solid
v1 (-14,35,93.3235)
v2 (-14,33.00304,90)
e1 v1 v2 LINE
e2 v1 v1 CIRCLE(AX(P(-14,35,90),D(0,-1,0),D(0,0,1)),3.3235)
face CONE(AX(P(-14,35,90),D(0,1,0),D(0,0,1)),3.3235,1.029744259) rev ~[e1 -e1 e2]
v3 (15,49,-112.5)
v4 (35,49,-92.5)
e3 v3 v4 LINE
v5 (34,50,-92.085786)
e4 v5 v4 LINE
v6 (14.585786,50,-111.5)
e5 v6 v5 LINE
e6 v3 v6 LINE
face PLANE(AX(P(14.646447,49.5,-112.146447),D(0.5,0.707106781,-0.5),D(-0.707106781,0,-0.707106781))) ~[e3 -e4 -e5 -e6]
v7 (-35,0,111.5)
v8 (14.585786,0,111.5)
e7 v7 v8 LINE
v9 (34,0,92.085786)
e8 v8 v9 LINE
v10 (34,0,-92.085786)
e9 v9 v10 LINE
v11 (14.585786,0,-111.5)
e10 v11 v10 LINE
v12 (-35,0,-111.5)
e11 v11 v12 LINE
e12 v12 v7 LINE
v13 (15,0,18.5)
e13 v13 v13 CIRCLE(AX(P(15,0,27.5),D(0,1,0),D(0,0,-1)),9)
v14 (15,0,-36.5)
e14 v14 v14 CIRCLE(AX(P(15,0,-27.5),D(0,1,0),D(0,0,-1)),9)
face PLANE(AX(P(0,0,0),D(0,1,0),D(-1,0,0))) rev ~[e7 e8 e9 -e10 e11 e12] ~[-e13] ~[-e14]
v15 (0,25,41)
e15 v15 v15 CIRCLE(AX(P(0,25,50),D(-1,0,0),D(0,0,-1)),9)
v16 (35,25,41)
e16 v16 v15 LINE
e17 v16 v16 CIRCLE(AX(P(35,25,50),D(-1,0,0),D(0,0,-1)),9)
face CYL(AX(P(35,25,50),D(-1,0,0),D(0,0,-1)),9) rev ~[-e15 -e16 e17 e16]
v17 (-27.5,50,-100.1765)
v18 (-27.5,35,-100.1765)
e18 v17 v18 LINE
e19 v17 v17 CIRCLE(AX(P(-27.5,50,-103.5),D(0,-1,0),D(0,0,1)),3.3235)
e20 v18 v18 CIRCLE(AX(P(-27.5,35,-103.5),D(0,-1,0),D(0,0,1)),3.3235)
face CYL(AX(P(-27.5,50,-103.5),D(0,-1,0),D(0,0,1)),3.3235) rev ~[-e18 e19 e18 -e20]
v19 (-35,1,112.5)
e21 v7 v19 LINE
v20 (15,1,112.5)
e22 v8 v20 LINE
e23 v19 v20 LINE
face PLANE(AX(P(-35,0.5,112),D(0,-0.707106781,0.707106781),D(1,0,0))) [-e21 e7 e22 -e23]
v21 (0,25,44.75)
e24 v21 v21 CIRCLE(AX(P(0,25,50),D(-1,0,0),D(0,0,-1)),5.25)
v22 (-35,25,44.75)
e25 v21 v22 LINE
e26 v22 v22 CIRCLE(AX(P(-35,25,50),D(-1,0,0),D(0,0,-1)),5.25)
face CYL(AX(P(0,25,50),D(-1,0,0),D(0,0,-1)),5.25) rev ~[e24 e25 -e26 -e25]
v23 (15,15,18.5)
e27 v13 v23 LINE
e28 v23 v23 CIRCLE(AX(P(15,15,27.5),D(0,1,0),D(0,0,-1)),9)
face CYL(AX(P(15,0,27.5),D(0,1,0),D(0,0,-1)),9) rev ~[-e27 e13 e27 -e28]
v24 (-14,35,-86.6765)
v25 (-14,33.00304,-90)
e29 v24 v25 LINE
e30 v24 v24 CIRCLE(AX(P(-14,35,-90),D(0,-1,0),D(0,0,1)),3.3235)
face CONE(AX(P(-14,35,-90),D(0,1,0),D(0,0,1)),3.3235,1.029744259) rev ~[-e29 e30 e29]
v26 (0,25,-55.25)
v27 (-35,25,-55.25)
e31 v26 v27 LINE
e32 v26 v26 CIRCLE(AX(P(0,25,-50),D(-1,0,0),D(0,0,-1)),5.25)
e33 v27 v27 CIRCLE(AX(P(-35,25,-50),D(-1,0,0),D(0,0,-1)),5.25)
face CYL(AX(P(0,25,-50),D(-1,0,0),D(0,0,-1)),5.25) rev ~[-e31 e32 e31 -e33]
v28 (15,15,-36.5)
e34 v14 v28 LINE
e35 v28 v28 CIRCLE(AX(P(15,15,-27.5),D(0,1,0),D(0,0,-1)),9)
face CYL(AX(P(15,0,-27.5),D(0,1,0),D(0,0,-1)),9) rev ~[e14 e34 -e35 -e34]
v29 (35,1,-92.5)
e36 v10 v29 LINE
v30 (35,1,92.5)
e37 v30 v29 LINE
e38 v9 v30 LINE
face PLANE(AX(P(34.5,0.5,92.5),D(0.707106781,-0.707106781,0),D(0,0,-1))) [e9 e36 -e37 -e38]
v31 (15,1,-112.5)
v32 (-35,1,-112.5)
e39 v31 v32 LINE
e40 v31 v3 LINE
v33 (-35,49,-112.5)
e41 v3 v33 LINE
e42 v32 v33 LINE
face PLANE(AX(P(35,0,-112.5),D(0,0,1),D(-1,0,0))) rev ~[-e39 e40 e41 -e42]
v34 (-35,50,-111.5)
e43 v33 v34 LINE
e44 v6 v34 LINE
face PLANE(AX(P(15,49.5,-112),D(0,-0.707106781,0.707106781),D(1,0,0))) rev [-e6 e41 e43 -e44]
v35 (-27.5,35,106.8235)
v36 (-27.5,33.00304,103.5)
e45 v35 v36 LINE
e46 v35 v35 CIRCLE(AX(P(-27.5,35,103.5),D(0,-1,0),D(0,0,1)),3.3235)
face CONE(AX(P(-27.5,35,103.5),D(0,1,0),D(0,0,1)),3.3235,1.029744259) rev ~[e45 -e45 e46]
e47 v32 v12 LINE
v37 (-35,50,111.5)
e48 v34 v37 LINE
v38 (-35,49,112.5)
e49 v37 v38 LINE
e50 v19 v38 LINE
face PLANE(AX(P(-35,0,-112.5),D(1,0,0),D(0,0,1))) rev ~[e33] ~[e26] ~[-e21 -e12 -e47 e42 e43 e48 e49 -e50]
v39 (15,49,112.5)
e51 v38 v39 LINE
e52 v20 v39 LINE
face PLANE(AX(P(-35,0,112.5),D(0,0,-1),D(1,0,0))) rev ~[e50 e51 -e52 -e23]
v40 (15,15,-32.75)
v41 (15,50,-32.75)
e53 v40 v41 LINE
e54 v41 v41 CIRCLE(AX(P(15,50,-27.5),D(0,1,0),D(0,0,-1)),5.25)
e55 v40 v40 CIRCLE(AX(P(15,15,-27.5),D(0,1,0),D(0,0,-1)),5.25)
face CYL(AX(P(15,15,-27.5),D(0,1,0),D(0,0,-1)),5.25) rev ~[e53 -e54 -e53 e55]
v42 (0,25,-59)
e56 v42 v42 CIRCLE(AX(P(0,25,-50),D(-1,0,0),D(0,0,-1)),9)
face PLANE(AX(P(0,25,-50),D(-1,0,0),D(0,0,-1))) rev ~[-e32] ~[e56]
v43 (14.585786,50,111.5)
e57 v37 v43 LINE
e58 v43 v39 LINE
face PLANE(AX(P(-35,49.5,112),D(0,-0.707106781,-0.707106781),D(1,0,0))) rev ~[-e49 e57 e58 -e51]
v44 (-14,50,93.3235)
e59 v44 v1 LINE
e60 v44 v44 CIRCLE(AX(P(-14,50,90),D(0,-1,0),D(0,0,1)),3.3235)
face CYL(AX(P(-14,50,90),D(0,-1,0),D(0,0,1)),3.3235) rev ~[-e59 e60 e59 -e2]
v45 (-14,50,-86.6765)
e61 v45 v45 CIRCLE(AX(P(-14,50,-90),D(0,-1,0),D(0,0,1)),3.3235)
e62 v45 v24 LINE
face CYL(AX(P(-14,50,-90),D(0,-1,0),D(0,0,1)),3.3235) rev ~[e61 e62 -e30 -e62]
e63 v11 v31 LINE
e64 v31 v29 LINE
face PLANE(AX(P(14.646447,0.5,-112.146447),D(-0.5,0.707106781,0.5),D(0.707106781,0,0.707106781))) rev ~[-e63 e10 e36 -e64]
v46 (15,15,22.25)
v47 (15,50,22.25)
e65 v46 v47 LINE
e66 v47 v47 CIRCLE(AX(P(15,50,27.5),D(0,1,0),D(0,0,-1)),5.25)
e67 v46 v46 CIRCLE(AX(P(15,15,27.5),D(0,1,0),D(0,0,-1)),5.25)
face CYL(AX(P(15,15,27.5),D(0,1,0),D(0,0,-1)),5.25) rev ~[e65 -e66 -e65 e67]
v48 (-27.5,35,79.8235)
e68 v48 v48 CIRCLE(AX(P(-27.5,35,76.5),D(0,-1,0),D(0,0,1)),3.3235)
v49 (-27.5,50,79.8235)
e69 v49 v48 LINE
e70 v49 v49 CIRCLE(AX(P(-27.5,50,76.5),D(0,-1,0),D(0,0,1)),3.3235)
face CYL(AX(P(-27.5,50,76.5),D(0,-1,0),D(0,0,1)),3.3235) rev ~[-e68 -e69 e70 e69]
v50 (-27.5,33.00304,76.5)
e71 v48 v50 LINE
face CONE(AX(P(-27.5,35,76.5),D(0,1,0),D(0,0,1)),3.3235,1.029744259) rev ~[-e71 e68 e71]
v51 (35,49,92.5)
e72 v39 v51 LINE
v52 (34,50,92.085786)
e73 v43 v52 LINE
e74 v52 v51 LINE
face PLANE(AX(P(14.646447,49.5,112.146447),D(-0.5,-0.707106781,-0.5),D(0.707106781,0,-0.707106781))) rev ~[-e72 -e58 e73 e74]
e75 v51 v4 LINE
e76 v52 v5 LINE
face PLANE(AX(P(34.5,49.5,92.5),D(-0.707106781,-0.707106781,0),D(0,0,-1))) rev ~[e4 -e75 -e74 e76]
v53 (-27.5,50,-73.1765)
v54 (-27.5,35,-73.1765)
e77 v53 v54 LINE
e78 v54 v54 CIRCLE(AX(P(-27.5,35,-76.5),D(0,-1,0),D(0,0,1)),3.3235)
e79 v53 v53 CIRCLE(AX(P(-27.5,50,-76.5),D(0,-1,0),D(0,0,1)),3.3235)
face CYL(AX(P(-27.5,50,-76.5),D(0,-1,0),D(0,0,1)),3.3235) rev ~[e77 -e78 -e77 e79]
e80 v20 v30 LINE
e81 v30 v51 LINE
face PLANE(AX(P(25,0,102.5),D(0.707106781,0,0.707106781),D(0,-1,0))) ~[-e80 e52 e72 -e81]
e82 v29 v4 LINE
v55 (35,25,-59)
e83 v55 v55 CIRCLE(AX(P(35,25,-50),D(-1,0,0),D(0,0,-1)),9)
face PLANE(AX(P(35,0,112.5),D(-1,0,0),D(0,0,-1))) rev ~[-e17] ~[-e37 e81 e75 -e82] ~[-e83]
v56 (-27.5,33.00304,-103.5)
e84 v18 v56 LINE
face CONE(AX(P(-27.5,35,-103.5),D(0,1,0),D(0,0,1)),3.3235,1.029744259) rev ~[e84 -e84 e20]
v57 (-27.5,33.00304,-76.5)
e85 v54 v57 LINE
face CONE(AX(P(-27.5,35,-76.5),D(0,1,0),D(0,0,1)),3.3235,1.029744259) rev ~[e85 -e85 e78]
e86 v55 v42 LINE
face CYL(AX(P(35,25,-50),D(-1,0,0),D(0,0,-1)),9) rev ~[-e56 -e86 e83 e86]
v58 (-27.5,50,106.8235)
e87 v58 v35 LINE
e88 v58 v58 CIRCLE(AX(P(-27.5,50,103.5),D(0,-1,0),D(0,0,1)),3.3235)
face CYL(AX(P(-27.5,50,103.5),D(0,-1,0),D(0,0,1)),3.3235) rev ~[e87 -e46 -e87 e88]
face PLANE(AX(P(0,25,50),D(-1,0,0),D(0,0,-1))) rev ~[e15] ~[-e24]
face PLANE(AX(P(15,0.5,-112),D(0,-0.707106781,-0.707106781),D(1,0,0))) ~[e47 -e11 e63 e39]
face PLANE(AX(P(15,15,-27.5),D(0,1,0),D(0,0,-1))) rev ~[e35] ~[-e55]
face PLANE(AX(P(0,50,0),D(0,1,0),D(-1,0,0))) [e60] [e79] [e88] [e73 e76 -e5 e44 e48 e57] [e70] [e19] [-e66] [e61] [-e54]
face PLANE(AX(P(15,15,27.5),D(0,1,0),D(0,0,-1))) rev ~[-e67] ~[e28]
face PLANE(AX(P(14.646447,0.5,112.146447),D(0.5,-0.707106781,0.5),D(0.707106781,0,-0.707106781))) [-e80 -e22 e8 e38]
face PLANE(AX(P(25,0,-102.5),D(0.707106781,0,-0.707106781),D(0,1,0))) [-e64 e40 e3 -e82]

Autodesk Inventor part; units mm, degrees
ref_plane "YZ Plane" through (0, 0, 0) normal (1, 0, 0) x (0, 1, 0)
ref_plane "XZ Plane" through (0, 0, 0) normal (0, 1, 0) x (-1, 0, 0)
ref_plane "XY Plane" through (0, 0, 0) normal (0, 0, 1) x (1, 0, 0)
sketch "Sketch1" plane through (0, 0, 0) normal (0, 1, 0) x (-1, 0, 0)
  line L0 (35, 112.5) -> (-35, 112.5)
  line L1 (-35, 112.5) -> (-35, -112.5)
  line L2 (-35, -112.5) -> (35, -112.5)
  line L3 (35, -112.5) -> (35, 112.5)
  point P0 (0, 0)
  point P1 (35, 0)
  point P2 (0, -112.5)
  dimension "d0" = 225
  dimension "d1" = 70
extrude "Extrusion1" add sketch "Sketch1" along normal blind 50
sketch "Sketch2" plane through (35, 0, 112.5) normal (1, 0, 0) x (0, 0, -1)
  circle A0 centre (62.5, 25) radius 5
  circle A1 centre (162.5, 25) radius 5
  line L0 (225, 0) -> (225, 50) projected
  point P0 (0, 50)
  point P1 (112.5, 0)
  point P2 (225, 25)
  dimension "d5" = 50
  dimension "d6" = 50
  dimension "d8" = 225
  dimension "d33" = 10
hole "Hole1" at (35, 25, 50) at (35, 25, -50) direction (-1, 0, 0) diameter 10.5 end through all counterbore diameter 18 counterbore depth 35 clearance for "Socket Head Cap Screw DIN EN ISO 4762" size "M10" standard "DIN"
sketch "Sketch3" plane through (0, 0, 0) normal (0, -1, 0) x (1, 0, 0)
  line L0 (35, 112.5) -> (35, -112.5) projected
  circle A0 centre (15, 27.5) radius 5
  circle A1 centre (15, -27.5) radius 5
  point P0 (0, 0)
  dimension "d17" = 55
  dimension "d18" = 20
  dimension "d21" = 27.5
  dimension "d32" = 10
hole "Hole2" at (15, 0, 27.5) at (15, 0, -27.5) direction (0, 1, 0) diameter 10.5 end through all counterbore diameter 18 counterbore depth 15 clearance for "Socket Head Cap Screw DIN EN ISO 4762" size "M10" standard "DIN"
chamfer "Chamfer1" distance 20 angle 45 2 edges at (35, 25, 112.5) (35, 25, -112.5)
sketch "Sketch4" plane through (0, 50, 0) normal (0, 1, 0) x (1, 0, 0)
  line L0 (-35, 112.5) -> (-35, -112.5) projected
  circle A0 centre (-27.5, -103.5) radius 4
  circle A1 centre (-27.5, -76.5) radius 4
  circle A2 centre (-14, -90) radius 4
  line L1 (0, 0) -> (7.2062, 0) construction
  circle A3 centre (-27.5, 103.5) radius 4
  circle A4 centre (-27.5, 76.5) radius 4
  circle A5 centre (-14, 90) radius 4
  dimension "d36" = 13.5
  dimension "d37" = 27
  dimension "d38" = 8
  dimension "d39" = 7.5
  dimension "d40" = 8
  dimension "d41" = 90
  dimension "d42" = 13.5
hole "Hole3" at (-27.5, 50, 103.5) at (-14, 50, 90) at (-27.5, 50, 76.5) at (-27.5, 50, -76.5) at (-14, 50, -90) at (-27.5, 50, -103.5) direction (0, -1, 0) diameter 6.647 depth 15 tip angle 118 thread size "M8x1.25" class "6H" standard "ISO Metric profile"
chamfer "Chamfer2" distance 1 angle 45 10 edges at (-10, 50, 112.5) (25, 50, 102.5) (35, 50, 0) (25, 50, -102.5) (-10, 50, -112.5) (-10, 0, 112.5) (25, 0, 102.5) (35, 0, 0) (25, 0, -102.5) (-10, 0, -112.5)
equation "\"d6\" = d5"
equation "\"d21\" = 0.5 * d17"
properties part number "BC-10008" material "Aço Carbono AISI 1006"
